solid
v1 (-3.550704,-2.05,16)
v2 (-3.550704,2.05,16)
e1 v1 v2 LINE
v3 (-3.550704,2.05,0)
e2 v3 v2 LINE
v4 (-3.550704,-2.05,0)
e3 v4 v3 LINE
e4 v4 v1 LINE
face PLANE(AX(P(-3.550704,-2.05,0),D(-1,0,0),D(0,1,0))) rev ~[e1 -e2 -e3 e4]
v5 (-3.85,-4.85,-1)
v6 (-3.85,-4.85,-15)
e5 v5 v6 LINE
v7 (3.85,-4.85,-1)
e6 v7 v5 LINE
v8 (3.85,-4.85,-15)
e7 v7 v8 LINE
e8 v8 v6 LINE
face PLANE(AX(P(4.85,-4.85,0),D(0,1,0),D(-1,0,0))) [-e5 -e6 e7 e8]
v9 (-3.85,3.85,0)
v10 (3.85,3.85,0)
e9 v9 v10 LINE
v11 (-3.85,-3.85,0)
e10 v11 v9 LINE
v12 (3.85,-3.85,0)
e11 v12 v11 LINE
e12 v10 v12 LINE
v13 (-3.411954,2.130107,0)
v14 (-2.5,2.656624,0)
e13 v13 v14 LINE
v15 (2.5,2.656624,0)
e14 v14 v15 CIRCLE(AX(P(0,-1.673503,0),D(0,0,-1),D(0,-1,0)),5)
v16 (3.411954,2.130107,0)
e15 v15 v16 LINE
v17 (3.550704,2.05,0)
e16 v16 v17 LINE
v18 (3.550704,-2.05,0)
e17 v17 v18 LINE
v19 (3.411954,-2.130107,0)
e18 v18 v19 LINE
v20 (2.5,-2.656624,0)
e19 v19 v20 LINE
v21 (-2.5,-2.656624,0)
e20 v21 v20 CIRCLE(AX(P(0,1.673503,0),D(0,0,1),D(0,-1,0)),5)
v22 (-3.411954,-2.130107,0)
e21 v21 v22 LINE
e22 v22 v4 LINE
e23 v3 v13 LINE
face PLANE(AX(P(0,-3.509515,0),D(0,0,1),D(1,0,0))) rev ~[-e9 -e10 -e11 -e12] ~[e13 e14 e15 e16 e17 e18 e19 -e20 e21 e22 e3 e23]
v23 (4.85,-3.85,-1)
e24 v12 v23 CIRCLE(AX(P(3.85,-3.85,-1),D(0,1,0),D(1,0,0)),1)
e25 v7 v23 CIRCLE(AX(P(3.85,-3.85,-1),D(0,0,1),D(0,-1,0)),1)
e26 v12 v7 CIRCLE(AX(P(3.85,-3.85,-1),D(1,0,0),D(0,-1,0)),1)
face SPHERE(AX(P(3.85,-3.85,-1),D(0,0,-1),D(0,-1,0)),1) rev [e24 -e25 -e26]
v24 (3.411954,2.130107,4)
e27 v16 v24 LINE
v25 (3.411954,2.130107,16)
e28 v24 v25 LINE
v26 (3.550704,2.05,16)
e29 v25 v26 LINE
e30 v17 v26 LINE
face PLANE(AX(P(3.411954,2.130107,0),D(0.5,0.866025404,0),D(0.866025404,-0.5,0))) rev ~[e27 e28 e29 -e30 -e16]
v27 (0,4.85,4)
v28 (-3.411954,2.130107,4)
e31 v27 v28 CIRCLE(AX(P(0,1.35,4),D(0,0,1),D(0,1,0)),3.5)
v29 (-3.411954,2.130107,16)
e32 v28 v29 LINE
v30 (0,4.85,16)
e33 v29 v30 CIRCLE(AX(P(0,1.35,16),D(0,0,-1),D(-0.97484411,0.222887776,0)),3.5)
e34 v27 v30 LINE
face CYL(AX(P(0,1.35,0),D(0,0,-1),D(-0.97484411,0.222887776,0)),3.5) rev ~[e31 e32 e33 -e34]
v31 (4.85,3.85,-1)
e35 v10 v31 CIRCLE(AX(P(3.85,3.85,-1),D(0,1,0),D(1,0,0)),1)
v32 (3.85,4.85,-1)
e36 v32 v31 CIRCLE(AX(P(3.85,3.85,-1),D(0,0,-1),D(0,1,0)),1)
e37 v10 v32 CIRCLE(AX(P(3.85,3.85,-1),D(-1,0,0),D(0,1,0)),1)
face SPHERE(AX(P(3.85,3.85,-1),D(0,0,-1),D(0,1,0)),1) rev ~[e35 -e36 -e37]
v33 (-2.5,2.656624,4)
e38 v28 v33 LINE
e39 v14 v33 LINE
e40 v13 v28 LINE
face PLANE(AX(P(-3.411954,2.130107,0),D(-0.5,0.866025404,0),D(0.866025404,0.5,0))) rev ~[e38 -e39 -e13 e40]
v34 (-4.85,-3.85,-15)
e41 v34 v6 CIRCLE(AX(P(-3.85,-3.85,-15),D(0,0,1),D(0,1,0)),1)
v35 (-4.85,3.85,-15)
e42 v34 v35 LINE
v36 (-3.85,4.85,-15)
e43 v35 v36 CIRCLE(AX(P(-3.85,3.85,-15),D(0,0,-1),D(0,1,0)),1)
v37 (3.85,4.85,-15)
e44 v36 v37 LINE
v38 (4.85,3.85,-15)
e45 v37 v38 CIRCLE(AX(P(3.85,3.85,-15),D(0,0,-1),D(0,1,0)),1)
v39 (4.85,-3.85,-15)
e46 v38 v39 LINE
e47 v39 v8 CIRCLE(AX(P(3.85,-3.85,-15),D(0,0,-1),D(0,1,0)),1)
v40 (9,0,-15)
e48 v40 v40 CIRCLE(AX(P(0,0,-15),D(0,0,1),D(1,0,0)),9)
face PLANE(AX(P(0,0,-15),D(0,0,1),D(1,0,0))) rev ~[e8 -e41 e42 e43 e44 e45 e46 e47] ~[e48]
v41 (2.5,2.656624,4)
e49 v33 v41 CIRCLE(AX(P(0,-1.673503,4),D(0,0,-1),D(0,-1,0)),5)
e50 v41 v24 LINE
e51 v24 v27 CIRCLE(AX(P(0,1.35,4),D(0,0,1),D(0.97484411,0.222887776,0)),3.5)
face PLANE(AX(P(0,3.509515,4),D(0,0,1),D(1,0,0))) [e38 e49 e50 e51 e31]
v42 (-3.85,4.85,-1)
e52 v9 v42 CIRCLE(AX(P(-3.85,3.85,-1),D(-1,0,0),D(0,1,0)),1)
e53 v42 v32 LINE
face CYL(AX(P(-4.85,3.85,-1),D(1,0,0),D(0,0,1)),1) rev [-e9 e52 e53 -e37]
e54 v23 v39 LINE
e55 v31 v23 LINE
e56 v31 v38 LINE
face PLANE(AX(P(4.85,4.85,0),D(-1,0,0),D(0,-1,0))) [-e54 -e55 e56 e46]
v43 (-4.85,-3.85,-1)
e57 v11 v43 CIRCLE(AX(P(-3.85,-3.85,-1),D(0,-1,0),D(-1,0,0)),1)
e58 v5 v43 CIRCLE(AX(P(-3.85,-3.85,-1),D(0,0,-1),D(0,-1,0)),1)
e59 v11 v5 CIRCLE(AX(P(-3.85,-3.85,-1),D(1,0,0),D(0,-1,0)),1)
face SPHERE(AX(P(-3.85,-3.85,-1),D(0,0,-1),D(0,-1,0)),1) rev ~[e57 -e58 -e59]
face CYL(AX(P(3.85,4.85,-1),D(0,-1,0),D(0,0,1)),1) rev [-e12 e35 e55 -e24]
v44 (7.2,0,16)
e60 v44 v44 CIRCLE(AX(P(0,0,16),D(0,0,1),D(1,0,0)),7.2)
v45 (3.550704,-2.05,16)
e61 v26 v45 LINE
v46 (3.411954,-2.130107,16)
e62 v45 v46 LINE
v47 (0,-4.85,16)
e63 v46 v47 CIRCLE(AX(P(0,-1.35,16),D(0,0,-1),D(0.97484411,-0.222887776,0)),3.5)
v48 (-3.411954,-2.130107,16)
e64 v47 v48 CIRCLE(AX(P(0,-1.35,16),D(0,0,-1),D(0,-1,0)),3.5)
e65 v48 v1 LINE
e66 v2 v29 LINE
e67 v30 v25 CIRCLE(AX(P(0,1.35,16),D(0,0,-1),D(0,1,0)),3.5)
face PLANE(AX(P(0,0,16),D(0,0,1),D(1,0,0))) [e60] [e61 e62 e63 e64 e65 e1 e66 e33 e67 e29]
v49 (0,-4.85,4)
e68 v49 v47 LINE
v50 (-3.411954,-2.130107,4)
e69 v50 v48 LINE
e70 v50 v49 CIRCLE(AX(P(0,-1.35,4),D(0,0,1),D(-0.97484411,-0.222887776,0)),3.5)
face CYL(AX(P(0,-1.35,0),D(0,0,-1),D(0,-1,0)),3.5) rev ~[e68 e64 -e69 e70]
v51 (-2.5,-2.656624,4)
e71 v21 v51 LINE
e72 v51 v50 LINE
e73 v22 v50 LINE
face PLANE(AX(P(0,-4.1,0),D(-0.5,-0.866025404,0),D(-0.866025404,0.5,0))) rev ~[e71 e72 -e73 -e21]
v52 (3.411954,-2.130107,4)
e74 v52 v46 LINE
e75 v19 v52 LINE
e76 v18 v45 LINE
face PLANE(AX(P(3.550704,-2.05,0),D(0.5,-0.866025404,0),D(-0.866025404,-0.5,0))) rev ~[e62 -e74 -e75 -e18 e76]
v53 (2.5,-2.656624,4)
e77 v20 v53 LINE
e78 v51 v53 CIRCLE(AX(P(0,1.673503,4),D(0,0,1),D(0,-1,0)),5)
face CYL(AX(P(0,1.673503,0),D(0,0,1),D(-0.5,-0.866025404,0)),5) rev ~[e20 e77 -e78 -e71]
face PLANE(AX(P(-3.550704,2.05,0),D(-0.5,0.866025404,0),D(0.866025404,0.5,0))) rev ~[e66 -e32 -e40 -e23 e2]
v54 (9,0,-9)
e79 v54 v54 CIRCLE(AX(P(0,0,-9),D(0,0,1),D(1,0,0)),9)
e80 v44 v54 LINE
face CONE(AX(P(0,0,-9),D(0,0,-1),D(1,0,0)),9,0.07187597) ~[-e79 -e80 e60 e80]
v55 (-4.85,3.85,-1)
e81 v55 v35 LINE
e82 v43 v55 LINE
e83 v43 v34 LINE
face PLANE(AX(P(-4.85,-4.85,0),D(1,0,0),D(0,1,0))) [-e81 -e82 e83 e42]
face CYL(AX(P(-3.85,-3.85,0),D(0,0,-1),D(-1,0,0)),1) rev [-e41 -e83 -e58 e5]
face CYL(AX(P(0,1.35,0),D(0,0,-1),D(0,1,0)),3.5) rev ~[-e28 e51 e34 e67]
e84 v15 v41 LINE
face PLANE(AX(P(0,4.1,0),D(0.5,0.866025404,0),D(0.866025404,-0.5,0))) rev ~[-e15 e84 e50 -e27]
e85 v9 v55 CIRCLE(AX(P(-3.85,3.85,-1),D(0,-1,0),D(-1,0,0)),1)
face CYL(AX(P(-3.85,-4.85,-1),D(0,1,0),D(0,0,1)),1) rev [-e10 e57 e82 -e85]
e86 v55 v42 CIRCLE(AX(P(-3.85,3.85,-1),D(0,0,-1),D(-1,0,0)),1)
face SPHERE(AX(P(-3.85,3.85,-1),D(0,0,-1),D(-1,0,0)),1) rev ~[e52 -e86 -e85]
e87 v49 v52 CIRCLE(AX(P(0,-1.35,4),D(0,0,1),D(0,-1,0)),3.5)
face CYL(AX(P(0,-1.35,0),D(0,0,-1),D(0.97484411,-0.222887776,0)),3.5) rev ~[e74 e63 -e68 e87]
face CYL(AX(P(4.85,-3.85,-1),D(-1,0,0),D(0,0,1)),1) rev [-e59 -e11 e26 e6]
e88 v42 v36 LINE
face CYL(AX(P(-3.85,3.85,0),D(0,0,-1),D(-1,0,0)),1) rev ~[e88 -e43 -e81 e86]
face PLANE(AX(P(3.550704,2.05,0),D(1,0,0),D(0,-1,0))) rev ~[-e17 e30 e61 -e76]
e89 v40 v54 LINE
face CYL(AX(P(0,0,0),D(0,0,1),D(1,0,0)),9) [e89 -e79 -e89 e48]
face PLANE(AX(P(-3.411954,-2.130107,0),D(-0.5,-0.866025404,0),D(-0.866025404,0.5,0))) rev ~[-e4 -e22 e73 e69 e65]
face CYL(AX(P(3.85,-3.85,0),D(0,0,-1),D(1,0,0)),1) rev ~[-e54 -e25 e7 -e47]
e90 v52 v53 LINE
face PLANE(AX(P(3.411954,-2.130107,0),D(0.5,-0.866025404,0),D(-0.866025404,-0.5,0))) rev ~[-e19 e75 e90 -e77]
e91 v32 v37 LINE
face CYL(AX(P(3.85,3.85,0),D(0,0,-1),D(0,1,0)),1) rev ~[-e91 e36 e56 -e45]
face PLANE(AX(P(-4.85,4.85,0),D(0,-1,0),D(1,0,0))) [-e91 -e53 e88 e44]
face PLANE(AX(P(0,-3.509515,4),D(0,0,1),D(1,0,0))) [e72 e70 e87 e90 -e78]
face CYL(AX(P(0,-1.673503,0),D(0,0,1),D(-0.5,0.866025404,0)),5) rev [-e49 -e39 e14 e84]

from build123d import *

# Parameters (mm, degrees)
F0_R     = 9
F1_DEPTH = 16
F2_DEPTH = 4
F3_DEPTH = 15
F4_R     = 5
F5_R     = 1
F6_SIZE2 = 25
F6_SIZE  = 1.8


with BuildPart() as f1:
    # F0 (on Top) → F1 (new body)
    with BuildSketch(Plane.XY):
        Circle(F0_R)
        Polygon((-4.85, 4.85), (0, 4.85), (4.85, 4.85), (4.85, -4.85), (0, -4.85), (-4.85, -4.85), align=None, mode=Mode.SUBTRACT)
        with BuildLine():
            Line((3.4119543857, 2.130107217), (3.5507041555, 2.05))
            Line((3.5507041555, 2.05), (3.5507041555, -2.05))
            Line((3.5507041555, -2.05), (3.4119543857, -2.130107217))
            ThreePointArc((3.4119543857, -2.130107217), (2.1816994225, -4.0868207157), (0, -4.85))
            Line((0, -4.85), (4.85, -4.85))
            Line((4.85, -4.85), (4.85, 4.85))
            Line((4.85, 4.85), (0, 4.85))
            ThreePointArc((0, 4.85), (2.1816994225, 4.0868207157), (3.4119543857, 2.130107217))
        make_face()
        with BuildLine():
            ThreePointArc((-3.4119543857, 2.130107217), (-2.1816994225, 4.0868207157), (0, 4.85))
            Line((0, 4.85), (-4.85, 4.85))
            Line((-4.85, 4.85), (-4.85, -4.85))
            Line((-4.85, -4.85), (0, -4.85))
            ThreePointArc((0, -4.85), (-2.1816994225, -4.0868207157), (-3.4119543857, -2.130107217))
            Line((-3.4119543857, -2.130107217), (-3.5507041555, -2.05))
            Line((-3.5507041555, -2.05), (-3.5507041555, 2.05))
            Line((-3.5507041555, 2.05), (-3.4119543857, 2.130107217))
        make_face()
    extrude(amount=F1_DEPTH)

    # F0 (on Top) → F2 (join)
    with BuildSketch(Plane.XY):
        with BuildLine():
            ThreePointArc((0, -4.85), (2.1816994225, -4.0868207157), (3.4119543857, -2.130107217))
            Line((3.4119543857, -2.130107217), (0, -4.1))
            Line((0, -4.1), (-3.4119543857, -2.130107217))
            ThreePointArc((-3.4119543857, -2.130107217), (-2.1816994225, -4.0868207157), (0, -4.85))
        make_face()
        with BuildLine():
            Line((0, 4.1), (3.4119543857, 2.130107217))
            ThreePointArc((3.4119543857, 2.130107217), (2.1816994225, 4.0868207157), (0, 4.85))
            ThreePointArc((0, 4.85), (-2.1816994225, 4.0868207157), (-3.4119543857, 2.130107217))
            Line((-3.4119543857, 2.130107217), (0, 4.1))
        make_face()
    extrude(amount=F2_DEPTH)

    # F0 (on Top) → F3 (join)
    with BuildSketch(Plane.XY):
        Circle(F0_R)
        Polygon((-4.85, 4.85), (0, 4.85), (4.85, 4.85), (4.85, -4.85), (0, -4.85), (-4.85, -4.85), align=None, mode=Mode.SUBTRACT)
    extrude(amount=-F3_DEPTH)

    # F4
    f4_edges = [f1.edges().sort_by_distance(p)[0] for p in [
        (0, -4.1, 2),
        (0, 4.1, 2),
    ]]
    fillet(f4_edges, radius=F4_R)

    # F5
    f5_edges = [f1.edges().sort_by_distance(p)[0] for p in [
        (-4.85, -4.85, -7.5),
        (4.85, -4.85, -7.5),
        (4.85, 4.85, -7.5),
        (-4.85, 4.85, -7.5),
        (0, -4.85, 0),
        (-4.85, 0, 0),
        (0, 4.85, 0),
        (4.85, 0, 0),
    ]]
    fillet(f5_edges, radius=F5_R)

    # F6
    f6_edges = [f1.edges().sort_by_distance(p)[0] for p in [
        (-9, 0, 16),
    ]]
    f6_side = f1.faces().sort_by_distance((3.608608, 2.310508, 16))[0]
    chamfer(f6_edges, length=F6_SIZE, length2=F6_SIZE2, reference=f6_side)


solid = f1.part
